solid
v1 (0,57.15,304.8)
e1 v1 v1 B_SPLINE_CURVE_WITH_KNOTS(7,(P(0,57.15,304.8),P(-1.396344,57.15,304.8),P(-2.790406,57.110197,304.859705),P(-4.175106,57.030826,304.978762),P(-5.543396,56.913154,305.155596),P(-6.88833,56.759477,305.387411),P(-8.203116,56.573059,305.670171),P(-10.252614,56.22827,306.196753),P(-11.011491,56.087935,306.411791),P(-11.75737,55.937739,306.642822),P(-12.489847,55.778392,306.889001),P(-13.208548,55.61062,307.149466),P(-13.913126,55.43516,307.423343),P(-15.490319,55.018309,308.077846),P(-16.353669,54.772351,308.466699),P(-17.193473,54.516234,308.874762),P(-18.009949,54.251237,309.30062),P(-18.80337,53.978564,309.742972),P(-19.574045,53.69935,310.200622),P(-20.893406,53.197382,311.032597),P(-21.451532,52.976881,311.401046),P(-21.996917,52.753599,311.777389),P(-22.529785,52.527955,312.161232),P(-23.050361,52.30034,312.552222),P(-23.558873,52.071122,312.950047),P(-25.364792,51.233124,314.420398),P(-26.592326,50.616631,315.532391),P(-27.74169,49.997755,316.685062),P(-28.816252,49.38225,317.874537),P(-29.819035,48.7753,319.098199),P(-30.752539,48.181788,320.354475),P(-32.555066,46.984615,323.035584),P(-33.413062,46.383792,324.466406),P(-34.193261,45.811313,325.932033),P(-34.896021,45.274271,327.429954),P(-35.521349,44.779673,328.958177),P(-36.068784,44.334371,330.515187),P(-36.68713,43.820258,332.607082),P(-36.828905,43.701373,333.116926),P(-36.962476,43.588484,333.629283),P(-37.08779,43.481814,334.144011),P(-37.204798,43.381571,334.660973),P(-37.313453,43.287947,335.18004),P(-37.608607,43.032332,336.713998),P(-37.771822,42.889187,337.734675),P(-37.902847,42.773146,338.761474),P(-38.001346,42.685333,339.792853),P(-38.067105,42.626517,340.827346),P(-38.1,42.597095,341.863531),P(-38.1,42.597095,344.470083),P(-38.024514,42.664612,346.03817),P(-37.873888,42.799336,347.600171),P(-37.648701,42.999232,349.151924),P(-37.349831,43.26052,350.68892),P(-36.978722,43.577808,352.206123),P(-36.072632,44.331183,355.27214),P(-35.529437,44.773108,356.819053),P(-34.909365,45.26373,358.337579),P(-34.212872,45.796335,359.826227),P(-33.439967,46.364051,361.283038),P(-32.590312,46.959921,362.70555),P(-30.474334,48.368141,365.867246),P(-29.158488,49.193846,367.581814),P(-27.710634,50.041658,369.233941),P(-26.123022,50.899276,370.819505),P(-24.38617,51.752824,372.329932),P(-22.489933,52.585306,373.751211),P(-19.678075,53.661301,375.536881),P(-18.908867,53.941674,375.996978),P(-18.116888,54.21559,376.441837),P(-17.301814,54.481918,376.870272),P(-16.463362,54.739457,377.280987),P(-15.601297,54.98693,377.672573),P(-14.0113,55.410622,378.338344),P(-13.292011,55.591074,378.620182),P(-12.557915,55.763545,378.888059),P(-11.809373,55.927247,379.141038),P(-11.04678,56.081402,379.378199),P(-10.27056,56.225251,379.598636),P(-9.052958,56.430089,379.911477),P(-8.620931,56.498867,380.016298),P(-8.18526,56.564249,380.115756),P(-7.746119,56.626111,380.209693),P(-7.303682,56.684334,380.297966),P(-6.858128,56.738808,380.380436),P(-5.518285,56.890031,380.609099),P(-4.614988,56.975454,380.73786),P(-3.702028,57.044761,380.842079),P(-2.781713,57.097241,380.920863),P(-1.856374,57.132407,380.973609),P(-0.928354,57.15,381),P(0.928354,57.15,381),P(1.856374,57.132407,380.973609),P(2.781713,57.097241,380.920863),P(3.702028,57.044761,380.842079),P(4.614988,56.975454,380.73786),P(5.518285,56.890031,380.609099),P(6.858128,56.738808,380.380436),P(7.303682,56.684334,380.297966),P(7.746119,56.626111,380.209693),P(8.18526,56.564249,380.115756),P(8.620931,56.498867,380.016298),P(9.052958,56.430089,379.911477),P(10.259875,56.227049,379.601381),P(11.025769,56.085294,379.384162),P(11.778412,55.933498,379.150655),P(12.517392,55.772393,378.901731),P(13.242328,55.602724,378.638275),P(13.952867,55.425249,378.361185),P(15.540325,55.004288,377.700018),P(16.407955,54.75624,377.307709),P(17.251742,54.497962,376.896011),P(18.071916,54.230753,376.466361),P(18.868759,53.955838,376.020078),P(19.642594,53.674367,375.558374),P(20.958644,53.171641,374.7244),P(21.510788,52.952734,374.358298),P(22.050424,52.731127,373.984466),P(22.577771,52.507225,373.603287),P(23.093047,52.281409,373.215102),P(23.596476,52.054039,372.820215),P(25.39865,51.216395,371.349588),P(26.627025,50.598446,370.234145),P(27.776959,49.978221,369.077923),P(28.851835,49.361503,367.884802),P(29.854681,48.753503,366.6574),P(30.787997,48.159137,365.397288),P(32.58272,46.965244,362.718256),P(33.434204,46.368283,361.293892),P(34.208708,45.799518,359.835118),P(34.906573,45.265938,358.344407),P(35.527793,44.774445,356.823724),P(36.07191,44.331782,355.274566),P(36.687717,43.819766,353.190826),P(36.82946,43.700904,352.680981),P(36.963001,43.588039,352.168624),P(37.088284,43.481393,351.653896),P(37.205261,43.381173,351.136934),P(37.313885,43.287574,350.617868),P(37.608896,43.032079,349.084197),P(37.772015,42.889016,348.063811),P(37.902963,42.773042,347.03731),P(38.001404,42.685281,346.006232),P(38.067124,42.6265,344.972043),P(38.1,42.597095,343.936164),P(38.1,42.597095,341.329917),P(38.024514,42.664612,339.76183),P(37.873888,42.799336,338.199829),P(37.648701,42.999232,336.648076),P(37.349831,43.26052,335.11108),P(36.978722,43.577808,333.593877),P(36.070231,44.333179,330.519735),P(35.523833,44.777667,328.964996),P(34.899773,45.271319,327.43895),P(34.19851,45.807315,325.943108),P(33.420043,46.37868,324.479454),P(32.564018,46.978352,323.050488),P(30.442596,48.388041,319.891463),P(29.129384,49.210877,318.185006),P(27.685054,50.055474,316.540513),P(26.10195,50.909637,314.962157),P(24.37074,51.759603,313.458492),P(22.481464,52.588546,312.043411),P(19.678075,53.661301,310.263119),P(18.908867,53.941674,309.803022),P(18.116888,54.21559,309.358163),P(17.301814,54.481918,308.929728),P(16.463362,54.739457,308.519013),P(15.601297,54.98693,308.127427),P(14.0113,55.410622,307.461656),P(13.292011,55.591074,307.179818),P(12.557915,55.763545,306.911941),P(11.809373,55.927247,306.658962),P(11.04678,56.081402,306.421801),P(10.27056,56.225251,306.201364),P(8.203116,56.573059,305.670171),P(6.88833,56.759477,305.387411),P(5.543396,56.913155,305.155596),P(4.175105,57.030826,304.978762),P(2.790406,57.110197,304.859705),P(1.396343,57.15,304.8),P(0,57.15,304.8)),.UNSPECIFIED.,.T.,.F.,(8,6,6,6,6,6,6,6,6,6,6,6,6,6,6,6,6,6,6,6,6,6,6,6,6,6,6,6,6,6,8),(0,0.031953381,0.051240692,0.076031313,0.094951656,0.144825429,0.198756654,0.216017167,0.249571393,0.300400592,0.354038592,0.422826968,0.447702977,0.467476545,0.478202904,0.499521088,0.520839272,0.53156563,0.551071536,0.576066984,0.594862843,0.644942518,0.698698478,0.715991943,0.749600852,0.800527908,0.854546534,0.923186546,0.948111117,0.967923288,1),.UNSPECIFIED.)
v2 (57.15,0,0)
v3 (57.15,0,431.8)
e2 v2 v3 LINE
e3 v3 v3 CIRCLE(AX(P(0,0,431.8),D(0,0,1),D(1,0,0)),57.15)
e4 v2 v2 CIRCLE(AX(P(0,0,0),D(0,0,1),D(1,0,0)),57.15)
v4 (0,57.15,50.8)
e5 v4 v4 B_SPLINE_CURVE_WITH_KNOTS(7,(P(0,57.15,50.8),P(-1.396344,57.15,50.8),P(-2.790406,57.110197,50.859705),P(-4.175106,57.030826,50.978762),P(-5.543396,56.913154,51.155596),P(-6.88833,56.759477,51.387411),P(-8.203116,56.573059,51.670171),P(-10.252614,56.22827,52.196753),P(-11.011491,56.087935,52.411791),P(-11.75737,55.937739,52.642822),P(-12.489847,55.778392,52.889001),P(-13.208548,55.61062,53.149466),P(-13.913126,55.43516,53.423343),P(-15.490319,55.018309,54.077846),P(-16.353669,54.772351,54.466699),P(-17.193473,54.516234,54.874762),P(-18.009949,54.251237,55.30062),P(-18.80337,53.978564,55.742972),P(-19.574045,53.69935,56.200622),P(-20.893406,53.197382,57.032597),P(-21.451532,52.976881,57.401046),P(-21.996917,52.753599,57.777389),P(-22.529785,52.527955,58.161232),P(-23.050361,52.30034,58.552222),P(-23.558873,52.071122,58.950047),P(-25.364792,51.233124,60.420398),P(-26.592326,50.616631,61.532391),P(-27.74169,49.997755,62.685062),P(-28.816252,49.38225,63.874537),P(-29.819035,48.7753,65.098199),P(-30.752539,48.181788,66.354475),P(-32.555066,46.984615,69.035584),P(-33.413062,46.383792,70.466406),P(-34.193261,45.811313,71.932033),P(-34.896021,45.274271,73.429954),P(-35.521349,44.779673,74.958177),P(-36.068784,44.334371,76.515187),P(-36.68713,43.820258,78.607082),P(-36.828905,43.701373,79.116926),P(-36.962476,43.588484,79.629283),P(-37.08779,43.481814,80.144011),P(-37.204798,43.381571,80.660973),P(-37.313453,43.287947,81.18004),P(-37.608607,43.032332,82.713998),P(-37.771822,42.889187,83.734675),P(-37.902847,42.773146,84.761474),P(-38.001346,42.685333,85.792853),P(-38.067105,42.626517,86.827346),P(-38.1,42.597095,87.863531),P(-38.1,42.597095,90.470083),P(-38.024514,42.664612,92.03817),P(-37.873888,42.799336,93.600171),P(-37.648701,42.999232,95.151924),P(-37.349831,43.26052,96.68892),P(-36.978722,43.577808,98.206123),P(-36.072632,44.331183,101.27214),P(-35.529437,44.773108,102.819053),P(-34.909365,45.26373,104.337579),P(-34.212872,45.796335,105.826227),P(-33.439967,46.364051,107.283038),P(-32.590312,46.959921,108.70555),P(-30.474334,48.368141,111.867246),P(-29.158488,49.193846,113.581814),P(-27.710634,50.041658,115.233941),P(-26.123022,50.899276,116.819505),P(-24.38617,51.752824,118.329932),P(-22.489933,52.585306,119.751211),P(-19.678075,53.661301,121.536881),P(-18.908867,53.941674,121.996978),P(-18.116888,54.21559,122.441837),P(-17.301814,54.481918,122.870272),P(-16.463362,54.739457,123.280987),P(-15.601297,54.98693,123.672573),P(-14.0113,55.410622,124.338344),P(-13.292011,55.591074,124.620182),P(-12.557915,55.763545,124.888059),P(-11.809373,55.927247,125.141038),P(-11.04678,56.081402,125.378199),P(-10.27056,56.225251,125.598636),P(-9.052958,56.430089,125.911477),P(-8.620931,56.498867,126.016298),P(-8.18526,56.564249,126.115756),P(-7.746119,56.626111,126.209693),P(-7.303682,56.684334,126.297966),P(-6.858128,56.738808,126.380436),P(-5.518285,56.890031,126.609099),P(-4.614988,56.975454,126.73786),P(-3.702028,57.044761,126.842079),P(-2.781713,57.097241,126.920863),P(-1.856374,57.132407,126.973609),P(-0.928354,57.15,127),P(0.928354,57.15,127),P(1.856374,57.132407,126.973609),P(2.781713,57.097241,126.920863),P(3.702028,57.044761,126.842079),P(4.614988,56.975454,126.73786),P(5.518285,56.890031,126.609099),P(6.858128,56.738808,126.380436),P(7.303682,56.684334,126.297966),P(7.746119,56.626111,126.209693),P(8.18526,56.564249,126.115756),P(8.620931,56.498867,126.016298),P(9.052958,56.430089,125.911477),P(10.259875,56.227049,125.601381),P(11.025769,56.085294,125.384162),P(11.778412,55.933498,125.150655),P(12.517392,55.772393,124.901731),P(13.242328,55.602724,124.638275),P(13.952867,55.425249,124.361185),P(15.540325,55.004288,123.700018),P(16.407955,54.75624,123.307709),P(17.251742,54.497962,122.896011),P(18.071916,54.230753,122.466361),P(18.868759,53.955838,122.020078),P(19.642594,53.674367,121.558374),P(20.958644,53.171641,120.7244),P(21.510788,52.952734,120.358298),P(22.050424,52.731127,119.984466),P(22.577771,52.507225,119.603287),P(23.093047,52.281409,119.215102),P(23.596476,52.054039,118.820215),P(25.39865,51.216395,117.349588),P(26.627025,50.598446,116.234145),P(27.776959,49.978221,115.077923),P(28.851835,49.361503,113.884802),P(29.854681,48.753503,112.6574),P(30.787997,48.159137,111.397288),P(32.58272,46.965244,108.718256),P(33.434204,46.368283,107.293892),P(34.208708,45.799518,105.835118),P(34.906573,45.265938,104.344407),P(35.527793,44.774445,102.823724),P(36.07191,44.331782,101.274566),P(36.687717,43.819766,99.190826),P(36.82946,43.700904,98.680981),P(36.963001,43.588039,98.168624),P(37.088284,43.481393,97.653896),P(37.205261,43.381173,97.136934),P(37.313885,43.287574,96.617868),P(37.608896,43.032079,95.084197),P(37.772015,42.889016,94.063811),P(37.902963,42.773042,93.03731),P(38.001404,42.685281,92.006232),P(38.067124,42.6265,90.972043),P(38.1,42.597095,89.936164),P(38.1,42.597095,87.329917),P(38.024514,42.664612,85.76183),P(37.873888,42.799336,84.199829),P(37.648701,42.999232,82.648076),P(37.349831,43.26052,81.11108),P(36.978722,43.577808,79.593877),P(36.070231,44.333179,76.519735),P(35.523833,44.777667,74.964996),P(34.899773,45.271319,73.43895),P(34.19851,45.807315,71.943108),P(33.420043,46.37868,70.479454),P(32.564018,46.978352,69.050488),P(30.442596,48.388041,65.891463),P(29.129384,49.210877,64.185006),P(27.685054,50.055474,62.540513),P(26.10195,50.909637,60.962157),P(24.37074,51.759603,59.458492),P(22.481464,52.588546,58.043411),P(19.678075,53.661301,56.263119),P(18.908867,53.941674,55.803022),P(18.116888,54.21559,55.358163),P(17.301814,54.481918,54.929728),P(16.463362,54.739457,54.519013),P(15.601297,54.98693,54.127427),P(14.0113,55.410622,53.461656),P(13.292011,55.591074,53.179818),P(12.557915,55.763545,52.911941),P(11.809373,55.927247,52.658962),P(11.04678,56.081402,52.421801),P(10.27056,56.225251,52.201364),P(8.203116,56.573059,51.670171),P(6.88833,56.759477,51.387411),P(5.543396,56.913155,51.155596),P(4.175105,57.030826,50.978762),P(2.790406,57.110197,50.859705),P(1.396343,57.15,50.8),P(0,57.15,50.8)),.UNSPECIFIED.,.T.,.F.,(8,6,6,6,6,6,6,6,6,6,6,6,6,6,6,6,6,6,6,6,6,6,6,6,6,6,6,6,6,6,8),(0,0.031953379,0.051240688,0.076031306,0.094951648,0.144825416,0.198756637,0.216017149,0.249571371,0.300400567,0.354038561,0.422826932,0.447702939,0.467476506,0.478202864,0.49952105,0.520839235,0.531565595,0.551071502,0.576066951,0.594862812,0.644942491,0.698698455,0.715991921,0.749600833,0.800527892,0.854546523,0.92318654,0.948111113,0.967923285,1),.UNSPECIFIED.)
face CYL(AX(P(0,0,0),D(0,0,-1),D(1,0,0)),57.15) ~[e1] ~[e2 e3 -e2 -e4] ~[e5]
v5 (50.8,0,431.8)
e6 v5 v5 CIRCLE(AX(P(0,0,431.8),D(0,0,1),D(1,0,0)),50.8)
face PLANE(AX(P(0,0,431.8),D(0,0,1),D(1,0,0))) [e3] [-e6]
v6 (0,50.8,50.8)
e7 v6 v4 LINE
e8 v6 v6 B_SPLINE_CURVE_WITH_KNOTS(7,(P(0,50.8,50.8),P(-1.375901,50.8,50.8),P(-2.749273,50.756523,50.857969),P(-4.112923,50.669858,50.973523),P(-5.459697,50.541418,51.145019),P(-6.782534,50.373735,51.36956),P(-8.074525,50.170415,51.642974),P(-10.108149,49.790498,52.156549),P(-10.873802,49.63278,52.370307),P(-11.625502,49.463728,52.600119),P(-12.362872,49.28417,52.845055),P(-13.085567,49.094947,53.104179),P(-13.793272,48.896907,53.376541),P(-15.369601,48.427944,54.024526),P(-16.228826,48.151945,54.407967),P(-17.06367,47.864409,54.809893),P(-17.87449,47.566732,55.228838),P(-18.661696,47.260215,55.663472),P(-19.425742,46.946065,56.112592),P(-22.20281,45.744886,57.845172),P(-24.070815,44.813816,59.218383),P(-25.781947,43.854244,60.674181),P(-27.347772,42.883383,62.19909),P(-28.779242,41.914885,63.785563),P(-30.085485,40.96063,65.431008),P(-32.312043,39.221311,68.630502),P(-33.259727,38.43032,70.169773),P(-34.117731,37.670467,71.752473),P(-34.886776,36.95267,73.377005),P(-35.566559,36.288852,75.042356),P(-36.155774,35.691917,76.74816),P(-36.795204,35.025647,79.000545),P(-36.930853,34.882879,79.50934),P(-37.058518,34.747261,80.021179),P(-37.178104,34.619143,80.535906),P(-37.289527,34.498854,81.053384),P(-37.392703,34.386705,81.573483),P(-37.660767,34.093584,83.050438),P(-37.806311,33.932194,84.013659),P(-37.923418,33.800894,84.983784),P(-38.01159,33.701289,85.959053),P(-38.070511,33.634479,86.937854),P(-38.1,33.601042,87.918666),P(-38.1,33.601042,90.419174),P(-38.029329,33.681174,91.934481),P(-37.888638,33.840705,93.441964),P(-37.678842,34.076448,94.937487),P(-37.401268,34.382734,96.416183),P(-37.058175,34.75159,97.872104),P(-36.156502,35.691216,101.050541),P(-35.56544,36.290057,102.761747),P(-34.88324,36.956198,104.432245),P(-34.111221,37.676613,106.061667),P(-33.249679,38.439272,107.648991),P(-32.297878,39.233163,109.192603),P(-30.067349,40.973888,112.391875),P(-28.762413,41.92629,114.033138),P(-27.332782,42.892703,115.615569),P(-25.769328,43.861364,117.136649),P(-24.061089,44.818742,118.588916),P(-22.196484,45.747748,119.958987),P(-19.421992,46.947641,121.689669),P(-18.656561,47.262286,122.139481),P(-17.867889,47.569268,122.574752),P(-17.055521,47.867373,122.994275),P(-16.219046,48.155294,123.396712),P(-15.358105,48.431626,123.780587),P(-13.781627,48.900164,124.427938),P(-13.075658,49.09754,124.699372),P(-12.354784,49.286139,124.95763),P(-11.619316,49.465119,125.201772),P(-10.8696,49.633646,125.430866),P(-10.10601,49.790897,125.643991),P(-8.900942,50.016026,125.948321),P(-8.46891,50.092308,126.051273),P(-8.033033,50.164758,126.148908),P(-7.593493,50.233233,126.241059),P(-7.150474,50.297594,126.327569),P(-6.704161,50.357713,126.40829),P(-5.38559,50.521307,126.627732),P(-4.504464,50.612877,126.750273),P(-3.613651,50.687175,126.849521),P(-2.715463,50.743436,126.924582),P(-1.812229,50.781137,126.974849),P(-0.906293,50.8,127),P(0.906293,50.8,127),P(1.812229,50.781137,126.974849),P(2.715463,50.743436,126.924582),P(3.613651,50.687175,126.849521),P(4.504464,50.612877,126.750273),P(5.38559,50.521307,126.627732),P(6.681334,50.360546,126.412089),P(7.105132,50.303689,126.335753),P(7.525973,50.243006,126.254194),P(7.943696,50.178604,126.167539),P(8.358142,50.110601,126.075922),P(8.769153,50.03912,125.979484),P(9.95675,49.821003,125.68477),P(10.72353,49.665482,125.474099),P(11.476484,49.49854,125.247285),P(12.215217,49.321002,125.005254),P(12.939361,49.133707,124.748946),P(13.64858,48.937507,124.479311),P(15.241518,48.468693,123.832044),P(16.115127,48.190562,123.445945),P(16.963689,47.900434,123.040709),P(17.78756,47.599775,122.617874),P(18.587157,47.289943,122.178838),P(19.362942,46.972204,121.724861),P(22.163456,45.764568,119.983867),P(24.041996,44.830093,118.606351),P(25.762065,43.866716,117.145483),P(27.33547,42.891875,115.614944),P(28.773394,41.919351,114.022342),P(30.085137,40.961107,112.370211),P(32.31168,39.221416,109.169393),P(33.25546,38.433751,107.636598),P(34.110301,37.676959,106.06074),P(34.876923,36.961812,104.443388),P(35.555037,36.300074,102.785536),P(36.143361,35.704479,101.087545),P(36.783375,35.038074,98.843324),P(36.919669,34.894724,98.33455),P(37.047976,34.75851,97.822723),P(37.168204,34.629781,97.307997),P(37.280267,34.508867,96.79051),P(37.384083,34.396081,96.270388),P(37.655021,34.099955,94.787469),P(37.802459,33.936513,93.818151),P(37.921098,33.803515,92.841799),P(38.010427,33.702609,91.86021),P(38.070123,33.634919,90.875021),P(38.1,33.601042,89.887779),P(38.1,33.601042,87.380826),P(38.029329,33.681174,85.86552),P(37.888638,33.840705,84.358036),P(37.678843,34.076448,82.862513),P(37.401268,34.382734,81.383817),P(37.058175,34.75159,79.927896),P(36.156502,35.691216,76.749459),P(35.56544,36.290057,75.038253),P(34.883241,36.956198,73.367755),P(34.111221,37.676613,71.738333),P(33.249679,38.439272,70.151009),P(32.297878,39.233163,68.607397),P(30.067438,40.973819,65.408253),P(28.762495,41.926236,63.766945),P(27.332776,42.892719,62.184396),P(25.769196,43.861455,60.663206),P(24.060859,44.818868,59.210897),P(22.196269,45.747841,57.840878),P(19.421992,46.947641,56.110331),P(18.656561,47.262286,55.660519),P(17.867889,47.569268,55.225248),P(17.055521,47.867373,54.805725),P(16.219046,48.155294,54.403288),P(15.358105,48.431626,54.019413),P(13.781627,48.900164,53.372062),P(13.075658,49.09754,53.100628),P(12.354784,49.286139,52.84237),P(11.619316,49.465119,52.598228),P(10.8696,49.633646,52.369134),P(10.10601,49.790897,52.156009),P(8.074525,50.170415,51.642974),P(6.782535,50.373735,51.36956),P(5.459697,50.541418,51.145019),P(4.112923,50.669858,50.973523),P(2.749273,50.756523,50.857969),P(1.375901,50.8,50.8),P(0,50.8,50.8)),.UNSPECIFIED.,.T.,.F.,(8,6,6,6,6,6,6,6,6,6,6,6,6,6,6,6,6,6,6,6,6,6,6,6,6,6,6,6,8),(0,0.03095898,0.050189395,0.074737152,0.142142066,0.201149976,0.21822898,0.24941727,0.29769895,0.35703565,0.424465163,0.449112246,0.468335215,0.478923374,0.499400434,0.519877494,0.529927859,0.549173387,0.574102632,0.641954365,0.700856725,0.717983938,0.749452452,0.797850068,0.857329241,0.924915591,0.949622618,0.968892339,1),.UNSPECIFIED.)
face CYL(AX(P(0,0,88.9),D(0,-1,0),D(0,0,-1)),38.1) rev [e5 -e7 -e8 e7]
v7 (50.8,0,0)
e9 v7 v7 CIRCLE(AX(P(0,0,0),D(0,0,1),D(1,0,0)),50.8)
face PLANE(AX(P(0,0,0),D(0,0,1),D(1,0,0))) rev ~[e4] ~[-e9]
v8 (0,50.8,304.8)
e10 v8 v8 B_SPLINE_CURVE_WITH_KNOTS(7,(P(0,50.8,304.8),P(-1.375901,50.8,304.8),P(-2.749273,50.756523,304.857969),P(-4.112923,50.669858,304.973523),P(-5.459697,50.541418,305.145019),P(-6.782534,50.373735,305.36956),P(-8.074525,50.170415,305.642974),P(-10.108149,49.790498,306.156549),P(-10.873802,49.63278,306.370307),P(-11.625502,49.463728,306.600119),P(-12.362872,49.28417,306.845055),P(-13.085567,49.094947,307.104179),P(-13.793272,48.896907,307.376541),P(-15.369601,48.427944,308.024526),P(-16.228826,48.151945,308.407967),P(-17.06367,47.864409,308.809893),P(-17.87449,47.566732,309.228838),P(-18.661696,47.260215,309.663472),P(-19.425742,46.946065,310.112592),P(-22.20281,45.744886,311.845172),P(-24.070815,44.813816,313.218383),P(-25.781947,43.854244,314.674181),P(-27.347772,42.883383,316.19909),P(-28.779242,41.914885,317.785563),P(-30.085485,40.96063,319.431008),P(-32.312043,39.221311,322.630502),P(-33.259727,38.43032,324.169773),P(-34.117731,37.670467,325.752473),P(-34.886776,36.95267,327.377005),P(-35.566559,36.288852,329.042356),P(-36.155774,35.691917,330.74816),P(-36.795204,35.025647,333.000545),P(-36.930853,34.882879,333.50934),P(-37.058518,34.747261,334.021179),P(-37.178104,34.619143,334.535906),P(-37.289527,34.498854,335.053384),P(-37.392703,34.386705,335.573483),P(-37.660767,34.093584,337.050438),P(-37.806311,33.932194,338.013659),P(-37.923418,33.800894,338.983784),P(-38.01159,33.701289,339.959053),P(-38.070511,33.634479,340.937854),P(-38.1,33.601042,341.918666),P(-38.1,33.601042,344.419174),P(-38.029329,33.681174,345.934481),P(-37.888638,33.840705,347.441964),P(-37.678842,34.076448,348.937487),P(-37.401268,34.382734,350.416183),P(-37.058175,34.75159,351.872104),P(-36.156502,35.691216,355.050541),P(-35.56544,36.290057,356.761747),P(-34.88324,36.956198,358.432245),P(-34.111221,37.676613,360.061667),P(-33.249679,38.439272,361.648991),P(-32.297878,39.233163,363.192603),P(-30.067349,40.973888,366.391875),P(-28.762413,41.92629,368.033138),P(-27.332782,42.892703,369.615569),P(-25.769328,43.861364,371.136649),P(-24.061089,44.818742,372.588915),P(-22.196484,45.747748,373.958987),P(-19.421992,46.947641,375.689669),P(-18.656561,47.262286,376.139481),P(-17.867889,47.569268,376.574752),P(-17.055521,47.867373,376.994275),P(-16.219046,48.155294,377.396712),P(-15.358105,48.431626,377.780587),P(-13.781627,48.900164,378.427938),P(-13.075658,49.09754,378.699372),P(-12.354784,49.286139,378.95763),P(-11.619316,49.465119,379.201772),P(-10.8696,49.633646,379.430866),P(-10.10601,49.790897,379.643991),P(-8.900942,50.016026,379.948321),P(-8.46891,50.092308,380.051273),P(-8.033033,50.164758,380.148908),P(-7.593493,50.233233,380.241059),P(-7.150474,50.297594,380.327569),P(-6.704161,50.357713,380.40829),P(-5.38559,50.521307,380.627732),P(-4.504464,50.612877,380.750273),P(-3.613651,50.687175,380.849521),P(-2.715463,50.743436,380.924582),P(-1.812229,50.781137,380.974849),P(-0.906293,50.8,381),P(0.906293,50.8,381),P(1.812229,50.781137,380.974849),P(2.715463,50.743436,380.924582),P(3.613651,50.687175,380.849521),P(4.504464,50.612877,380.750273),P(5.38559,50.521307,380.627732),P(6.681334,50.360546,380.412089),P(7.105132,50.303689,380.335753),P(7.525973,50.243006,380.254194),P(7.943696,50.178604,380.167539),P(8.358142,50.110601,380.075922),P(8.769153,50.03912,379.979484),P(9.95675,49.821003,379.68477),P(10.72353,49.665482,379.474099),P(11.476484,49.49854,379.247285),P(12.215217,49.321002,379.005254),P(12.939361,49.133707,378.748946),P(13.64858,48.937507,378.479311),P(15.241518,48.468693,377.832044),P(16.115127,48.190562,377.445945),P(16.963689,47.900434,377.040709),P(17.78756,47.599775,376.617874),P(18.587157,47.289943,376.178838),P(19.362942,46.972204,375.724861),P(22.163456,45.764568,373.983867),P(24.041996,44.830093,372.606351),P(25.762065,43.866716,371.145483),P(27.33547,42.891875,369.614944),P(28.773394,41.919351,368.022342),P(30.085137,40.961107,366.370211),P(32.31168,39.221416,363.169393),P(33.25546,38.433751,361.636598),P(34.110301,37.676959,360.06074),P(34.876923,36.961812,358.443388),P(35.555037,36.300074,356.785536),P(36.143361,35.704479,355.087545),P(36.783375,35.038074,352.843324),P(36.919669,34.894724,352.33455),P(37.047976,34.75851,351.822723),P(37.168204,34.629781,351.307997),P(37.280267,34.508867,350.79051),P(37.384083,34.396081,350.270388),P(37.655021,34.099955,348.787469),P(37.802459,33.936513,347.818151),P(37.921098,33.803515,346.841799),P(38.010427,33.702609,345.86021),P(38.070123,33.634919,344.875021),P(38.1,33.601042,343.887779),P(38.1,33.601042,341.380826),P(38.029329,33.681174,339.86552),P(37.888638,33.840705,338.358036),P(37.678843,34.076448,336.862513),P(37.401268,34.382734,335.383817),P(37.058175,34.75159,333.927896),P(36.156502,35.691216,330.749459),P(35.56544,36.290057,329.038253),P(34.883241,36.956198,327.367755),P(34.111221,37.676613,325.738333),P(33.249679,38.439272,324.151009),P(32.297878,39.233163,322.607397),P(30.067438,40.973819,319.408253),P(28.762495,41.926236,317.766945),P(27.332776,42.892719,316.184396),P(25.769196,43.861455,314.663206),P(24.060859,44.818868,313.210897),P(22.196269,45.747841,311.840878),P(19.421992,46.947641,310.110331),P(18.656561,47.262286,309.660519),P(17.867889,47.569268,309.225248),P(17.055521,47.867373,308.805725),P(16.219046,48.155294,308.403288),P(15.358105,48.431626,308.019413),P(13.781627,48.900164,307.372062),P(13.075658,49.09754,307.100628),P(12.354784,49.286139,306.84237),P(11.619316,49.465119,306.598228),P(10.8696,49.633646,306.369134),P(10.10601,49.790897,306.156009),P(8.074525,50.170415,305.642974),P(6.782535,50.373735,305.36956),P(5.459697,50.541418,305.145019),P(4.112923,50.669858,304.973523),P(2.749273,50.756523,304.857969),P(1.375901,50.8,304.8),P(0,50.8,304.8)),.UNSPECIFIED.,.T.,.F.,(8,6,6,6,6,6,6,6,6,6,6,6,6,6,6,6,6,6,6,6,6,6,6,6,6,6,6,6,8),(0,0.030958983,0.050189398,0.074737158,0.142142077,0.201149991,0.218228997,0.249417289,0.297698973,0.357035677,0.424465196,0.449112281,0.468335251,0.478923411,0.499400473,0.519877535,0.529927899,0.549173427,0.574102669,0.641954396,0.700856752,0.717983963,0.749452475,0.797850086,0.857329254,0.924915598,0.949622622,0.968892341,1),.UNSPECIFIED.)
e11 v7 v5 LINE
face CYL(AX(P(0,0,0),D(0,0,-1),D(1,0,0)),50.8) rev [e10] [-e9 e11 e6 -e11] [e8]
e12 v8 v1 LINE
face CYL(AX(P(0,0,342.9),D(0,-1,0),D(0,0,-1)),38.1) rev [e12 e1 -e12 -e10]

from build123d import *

# Parameters (mm, degrees)
SKETCH1_R           = 57.15
SKETCH1_R_2         = 50.8
BOSS_EXTRUDE1_DEPTH = 431.8
SKETCH2_R           = 38.1
CUT_EXTRUDE4_DEPTH  = 914.4


with BuildPart() as part:
    # Sketch1 → Boss-Extrude1 (new body)
    with BuildSketch(Plane.XY):
        Circle(SKETCH1_R)
        Circle(SKETCH1_R_2, mode=Mode.SUBTRACT)
    extrude(amount=BOSS_EXTRUDE1_DEPTH)

    # Sketch2 → Cut-Extrude4 (cut)
    with BuildSketch(Plane(origin=(0, 0, 0), x_dir=(1, 0, 0), z_dir=(0, 1, 0))):
        with Locations(Location((0, -88.9, 0), (0, 0, 90))):
            Circle(SKETCH2_R)
        with Locations(Location((0, -342.9, 0), (0, 0, 90))):
            Circle(SKETCH2_R)
        with Locations((0, -596.9)):
            Circle(SKETCH2_R)
    extrude(amount=CUT_EXTRUDE4_DEPTH, mode=Mode.SUBTRACT)


solid = part.part
